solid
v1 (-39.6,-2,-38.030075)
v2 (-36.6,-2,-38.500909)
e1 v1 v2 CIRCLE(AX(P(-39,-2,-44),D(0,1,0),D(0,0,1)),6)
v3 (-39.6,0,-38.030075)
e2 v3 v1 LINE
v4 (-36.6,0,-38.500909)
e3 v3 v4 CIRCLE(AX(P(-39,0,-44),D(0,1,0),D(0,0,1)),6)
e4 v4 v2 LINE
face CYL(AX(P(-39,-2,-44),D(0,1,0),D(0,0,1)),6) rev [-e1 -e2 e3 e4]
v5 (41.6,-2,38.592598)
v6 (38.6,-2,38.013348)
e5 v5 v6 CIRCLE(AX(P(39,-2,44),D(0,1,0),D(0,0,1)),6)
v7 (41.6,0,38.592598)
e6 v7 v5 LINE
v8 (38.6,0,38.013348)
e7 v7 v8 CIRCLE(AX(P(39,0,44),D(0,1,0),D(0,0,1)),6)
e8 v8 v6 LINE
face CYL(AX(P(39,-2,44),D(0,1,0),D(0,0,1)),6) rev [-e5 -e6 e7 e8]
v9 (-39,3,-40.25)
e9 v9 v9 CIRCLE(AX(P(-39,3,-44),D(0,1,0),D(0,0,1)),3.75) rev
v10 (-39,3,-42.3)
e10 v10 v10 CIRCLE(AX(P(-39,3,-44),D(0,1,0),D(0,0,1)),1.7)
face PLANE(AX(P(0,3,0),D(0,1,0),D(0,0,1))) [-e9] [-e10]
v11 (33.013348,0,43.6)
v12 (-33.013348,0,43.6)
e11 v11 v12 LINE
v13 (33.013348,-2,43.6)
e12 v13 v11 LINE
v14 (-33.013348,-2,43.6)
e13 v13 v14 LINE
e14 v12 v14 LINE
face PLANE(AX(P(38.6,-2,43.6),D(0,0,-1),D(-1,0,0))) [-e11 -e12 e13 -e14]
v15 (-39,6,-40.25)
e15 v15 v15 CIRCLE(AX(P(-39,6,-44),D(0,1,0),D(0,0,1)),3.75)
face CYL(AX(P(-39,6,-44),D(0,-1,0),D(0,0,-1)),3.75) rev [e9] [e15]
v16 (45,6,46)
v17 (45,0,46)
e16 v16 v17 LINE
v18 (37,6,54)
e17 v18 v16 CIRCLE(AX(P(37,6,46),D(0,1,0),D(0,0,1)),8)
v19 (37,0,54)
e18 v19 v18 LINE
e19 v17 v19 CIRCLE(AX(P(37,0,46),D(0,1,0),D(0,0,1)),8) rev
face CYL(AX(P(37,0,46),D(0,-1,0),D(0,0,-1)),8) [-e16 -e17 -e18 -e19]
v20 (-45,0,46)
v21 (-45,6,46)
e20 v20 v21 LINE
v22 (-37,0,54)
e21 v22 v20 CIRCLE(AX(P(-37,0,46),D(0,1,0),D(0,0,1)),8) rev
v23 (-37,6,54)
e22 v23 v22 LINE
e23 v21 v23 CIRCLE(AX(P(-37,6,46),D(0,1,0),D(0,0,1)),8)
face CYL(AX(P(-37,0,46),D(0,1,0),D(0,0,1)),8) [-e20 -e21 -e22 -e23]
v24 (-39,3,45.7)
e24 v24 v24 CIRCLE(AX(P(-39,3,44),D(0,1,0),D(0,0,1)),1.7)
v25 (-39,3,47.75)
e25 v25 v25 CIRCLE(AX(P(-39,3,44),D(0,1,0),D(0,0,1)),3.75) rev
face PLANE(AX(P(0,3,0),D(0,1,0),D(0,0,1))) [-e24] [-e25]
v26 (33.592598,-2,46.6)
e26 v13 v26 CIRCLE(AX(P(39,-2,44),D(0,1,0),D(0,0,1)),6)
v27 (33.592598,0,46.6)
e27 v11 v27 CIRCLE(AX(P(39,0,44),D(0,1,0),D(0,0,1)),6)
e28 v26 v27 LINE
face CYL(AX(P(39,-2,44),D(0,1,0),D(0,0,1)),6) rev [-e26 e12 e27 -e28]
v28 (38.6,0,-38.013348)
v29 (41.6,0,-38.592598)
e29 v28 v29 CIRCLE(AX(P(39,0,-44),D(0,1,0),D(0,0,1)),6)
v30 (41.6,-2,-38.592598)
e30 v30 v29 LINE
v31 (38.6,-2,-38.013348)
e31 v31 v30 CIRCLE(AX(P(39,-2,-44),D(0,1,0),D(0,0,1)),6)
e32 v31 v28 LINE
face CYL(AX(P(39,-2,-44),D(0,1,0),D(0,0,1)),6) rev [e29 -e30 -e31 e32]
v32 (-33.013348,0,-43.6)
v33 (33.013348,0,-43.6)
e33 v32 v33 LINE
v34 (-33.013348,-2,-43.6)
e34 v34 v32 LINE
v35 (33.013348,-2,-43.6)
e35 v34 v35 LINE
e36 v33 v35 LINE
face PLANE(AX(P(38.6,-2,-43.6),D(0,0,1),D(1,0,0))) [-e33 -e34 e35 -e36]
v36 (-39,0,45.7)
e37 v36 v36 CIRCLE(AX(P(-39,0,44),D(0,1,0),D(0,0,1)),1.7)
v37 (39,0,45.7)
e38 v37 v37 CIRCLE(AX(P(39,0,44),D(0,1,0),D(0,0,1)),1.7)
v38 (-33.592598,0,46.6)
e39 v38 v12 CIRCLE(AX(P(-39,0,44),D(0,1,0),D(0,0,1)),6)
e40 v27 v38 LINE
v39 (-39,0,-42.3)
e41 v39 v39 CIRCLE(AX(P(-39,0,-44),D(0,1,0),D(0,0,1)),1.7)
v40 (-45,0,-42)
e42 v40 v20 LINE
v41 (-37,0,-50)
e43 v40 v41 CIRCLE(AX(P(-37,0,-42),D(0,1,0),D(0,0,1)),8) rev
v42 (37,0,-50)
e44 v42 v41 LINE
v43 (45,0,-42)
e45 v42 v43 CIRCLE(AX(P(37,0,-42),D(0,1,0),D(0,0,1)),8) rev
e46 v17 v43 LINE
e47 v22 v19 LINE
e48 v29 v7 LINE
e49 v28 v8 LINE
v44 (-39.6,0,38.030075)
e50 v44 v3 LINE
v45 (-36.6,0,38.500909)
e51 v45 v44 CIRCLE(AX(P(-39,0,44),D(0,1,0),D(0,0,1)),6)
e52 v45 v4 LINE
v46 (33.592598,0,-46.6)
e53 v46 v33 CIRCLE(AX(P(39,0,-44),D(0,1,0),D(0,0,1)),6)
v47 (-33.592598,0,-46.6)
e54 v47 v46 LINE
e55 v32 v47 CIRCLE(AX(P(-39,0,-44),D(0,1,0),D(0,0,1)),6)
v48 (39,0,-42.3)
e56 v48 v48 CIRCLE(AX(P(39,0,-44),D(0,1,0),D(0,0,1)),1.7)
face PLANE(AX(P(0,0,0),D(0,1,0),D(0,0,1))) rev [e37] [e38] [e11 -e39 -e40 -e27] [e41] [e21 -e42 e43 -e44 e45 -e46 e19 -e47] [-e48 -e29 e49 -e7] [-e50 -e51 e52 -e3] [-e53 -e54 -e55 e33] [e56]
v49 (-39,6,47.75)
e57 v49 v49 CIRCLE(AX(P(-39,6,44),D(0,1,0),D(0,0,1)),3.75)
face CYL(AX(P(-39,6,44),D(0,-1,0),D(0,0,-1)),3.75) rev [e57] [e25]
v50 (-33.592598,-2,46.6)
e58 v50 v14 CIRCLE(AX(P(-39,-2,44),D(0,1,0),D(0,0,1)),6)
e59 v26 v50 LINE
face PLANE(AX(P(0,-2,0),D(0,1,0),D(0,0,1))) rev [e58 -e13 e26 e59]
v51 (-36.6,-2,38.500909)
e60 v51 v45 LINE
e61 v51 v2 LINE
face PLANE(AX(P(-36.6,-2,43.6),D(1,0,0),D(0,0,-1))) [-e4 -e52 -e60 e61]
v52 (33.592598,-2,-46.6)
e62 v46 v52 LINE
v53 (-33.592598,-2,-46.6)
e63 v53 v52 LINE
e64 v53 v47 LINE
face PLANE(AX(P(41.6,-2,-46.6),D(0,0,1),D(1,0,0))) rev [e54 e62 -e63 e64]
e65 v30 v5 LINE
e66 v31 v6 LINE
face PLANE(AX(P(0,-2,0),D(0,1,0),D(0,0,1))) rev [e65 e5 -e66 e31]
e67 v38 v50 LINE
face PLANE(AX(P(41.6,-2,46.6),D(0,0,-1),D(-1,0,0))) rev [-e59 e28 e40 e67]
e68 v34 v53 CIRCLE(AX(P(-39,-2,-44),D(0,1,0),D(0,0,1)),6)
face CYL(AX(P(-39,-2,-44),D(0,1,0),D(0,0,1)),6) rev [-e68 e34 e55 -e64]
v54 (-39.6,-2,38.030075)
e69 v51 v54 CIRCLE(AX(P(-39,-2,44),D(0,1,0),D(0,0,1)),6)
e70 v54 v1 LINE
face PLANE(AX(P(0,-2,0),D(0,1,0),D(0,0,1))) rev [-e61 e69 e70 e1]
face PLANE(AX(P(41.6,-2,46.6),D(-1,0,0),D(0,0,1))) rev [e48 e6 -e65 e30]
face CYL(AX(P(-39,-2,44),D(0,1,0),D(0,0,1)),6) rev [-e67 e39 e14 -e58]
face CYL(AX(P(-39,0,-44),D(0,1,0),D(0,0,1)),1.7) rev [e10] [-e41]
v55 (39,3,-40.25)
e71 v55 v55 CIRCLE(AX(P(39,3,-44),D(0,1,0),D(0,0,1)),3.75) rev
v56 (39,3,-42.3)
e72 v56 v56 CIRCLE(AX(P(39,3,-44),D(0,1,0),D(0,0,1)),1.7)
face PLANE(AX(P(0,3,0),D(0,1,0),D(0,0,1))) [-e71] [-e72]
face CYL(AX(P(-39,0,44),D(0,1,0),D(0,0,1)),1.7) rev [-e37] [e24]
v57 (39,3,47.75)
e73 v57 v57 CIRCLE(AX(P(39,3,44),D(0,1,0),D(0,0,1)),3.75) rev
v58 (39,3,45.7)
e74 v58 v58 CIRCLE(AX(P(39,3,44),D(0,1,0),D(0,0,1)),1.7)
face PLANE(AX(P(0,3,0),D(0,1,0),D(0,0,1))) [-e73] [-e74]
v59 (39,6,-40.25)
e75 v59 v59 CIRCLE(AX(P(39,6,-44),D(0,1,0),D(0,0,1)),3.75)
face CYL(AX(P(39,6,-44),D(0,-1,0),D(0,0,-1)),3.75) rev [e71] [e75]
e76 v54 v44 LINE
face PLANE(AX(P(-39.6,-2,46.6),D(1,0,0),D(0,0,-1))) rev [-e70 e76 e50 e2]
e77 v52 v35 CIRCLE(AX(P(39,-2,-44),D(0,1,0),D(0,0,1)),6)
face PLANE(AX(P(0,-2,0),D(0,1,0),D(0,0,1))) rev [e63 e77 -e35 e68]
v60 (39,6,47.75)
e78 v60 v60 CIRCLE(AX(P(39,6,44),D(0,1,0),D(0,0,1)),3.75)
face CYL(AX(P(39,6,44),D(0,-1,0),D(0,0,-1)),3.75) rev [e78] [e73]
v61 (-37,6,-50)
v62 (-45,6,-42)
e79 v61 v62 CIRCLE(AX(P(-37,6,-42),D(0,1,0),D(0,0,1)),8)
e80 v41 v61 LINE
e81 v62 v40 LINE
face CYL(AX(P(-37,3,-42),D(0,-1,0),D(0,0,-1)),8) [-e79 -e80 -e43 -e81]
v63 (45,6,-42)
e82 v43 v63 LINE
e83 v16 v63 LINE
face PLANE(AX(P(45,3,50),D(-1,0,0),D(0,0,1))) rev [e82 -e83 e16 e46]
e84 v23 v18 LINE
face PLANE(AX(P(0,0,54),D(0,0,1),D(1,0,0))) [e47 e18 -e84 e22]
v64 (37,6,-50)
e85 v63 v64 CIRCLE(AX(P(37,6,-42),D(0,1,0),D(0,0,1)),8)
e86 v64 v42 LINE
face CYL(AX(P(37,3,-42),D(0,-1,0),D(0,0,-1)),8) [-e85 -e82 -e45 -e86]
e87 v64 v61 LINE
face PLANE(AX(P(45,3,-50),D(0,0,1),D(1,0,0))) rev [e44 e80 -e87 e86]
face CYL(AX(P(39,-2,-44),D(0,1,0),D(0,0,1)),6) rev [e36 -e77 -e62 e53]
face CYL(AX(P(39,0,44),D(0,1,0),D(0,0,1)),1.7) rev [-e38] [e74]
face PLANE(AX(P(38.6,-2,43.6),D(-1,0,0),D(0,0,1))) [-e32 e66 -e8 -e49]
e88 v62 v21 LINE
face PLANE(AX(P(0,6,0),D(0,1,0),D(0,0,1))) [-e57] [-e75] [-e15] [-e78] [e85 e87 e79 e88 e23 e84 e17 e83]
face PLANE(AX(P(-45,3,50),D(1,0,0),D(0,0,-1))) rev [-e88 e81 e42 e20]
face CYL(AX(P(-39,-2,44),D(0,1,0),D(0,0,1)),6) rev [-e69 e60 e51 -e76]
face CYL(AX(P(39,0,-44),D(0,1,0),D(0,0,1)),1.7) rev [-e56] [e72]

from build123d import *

# Parameters (mm, degrees)
SKETCH1_W           = 90
SKETCH1_H           = 100
BOSS_EXTRUDE1_DEPTH = 3
SKETCH2_R           = 1.7
CUT_EXTRUDE1_DEPTH  = 4
SKETCH4_W           = 81.2
SKETCH4_H           = 93.2
SKETCH4_W_2         = 75.2
SKETCH4_H_2         = 87.2
BOSS_EXTRUDE2_DEPTH = 2
CUT_EXTRUDE5_START  = -3
SKETCH6_R           = 6
CUT_EXTRUDE5_DEPTH  = 3
SKETCH7_W           = 90
SKETCH7_H           = 3
BOSS_EXTRUDE3_DEPTH = 4
SKETCH8_R           = 3.75
BOSS_EXTRUDE4_DEPTH = 3
FILLET1_R           = 8


with BuildPart() as part:
    # Sketch1 → Boss-Extrude1 (new body)
    with BuildSketch(Plane(origin=(0, 0, 0), x_dir=(1, 0, 0), z_dir=(0, 1, 0))):
        Rectangle(SKETCH1_W, SKETCH1_H)
    extrude(amount=BOSS_EXTRUDE1_DEPTH)

    # Sketch2 → Cut-Extrude1 (cut, through all)
    with BuildSketch(Plane(origin=(0, 3, 0), x_dir=(1, 0, 0), z_dir=(0, 1, 0))):
        with Locations((-39, 44)):
            Circle(SKETCH2_R)
        with Locations((39, 44)):
            Circle(SKETCH2_R)
        with Locations((39, -44)):
            Circle(SKETCH2_R)
        with Locations((-39, -44)):
            Circle(SKETCH2_R)
    extrude(amount=-CUT_EXTRUDE1_DEPTH, mode=Mode.SUBTRACT)

    # Sketch4 → Boss-Extrude2 (add)
    with BuildSketch(Plane.XZ):
        with Locations((1, 0)):
            Rectangle(SKETCH4_W, SKETCH4_H)
        with Locations((1, 0)):
            Rectangle(SKETCH4_W_2, SKETCH4_H_2, mode=Mode.SUBTRACT)
    extrude(amount=BOSS_EXTRUDE2_DEPTH)

    # Sketch6 → Cut-Extrude5 (cut, through all)
    with BuildSketch(Plane(origin=(0, 3, 0), x_dir=(1, 0, 0), z_dir=(0, 1, 0)).offset(CUT_EXTRUDE5_START)):
        with Locations((-39, 44)):
            Circle(SKETCH6_R)
        with Locations((-39, -44)):
            Circle(SKETCH6_R)
        with Locations((39, -44)):
            Circle(SKETCH6_R)
        with Locations((39, 44)):
            Circle(SKETCH6_R)
    extrude(amount=-CUT_EXTRUDE5_DEPTH, mode=Mode.SUBTRACT)

    # Sketch7 → Boss-Extrude3 (add)
    with BuildSketch(Plane.XY.offset(50)):
        with Locations((0, 1.5)):
            Rectangle(SKETCH7_W, SKETCH7_H)
    extrude(amount=BOSS_EXTRUDE3_DEPTH)

    # Sketch8 → Boss-Extrude4 (add)
    with BuildSketch(Plane(origin=(0, 3, 0), x_dir=(1, 0, 0), z_dir=(0, 1, 0))):
        Polygon((-45, -50), (-45, -54), (45, -54), (45, -50), (45, 50), (-45, 50), align=None)
        with Locations((-39, 44)):
            Circle(SKETCH8_R, mode=Mode.SUBTRACT)
        with Locations((39, 44)):
            Circle(SKETCH8_R, mode=Mode.SUBTRACT)
        with Locations((-39, -44)):
            Circle(SKETCH8_R, mode=Mode.SUBTRACT)
        with Locations((39, -44)):
            Circle(SKETCH8_R, mode=Mode.SUBTRACT)
    extrude(amount=BOSS_EXTRUDE4_DEPTH)

    # Fillet1
    fillet1_edges = [part.edges().sort_by_distance(p)[0] for p in [
        (-45, 3, 54),
        (45, 3, 54),
        (-45, 3, -50),
        (45, 3, -50),
    ]]
    fillet(fillet1_edges, radius=FILLET1_R)


solid = part.part
